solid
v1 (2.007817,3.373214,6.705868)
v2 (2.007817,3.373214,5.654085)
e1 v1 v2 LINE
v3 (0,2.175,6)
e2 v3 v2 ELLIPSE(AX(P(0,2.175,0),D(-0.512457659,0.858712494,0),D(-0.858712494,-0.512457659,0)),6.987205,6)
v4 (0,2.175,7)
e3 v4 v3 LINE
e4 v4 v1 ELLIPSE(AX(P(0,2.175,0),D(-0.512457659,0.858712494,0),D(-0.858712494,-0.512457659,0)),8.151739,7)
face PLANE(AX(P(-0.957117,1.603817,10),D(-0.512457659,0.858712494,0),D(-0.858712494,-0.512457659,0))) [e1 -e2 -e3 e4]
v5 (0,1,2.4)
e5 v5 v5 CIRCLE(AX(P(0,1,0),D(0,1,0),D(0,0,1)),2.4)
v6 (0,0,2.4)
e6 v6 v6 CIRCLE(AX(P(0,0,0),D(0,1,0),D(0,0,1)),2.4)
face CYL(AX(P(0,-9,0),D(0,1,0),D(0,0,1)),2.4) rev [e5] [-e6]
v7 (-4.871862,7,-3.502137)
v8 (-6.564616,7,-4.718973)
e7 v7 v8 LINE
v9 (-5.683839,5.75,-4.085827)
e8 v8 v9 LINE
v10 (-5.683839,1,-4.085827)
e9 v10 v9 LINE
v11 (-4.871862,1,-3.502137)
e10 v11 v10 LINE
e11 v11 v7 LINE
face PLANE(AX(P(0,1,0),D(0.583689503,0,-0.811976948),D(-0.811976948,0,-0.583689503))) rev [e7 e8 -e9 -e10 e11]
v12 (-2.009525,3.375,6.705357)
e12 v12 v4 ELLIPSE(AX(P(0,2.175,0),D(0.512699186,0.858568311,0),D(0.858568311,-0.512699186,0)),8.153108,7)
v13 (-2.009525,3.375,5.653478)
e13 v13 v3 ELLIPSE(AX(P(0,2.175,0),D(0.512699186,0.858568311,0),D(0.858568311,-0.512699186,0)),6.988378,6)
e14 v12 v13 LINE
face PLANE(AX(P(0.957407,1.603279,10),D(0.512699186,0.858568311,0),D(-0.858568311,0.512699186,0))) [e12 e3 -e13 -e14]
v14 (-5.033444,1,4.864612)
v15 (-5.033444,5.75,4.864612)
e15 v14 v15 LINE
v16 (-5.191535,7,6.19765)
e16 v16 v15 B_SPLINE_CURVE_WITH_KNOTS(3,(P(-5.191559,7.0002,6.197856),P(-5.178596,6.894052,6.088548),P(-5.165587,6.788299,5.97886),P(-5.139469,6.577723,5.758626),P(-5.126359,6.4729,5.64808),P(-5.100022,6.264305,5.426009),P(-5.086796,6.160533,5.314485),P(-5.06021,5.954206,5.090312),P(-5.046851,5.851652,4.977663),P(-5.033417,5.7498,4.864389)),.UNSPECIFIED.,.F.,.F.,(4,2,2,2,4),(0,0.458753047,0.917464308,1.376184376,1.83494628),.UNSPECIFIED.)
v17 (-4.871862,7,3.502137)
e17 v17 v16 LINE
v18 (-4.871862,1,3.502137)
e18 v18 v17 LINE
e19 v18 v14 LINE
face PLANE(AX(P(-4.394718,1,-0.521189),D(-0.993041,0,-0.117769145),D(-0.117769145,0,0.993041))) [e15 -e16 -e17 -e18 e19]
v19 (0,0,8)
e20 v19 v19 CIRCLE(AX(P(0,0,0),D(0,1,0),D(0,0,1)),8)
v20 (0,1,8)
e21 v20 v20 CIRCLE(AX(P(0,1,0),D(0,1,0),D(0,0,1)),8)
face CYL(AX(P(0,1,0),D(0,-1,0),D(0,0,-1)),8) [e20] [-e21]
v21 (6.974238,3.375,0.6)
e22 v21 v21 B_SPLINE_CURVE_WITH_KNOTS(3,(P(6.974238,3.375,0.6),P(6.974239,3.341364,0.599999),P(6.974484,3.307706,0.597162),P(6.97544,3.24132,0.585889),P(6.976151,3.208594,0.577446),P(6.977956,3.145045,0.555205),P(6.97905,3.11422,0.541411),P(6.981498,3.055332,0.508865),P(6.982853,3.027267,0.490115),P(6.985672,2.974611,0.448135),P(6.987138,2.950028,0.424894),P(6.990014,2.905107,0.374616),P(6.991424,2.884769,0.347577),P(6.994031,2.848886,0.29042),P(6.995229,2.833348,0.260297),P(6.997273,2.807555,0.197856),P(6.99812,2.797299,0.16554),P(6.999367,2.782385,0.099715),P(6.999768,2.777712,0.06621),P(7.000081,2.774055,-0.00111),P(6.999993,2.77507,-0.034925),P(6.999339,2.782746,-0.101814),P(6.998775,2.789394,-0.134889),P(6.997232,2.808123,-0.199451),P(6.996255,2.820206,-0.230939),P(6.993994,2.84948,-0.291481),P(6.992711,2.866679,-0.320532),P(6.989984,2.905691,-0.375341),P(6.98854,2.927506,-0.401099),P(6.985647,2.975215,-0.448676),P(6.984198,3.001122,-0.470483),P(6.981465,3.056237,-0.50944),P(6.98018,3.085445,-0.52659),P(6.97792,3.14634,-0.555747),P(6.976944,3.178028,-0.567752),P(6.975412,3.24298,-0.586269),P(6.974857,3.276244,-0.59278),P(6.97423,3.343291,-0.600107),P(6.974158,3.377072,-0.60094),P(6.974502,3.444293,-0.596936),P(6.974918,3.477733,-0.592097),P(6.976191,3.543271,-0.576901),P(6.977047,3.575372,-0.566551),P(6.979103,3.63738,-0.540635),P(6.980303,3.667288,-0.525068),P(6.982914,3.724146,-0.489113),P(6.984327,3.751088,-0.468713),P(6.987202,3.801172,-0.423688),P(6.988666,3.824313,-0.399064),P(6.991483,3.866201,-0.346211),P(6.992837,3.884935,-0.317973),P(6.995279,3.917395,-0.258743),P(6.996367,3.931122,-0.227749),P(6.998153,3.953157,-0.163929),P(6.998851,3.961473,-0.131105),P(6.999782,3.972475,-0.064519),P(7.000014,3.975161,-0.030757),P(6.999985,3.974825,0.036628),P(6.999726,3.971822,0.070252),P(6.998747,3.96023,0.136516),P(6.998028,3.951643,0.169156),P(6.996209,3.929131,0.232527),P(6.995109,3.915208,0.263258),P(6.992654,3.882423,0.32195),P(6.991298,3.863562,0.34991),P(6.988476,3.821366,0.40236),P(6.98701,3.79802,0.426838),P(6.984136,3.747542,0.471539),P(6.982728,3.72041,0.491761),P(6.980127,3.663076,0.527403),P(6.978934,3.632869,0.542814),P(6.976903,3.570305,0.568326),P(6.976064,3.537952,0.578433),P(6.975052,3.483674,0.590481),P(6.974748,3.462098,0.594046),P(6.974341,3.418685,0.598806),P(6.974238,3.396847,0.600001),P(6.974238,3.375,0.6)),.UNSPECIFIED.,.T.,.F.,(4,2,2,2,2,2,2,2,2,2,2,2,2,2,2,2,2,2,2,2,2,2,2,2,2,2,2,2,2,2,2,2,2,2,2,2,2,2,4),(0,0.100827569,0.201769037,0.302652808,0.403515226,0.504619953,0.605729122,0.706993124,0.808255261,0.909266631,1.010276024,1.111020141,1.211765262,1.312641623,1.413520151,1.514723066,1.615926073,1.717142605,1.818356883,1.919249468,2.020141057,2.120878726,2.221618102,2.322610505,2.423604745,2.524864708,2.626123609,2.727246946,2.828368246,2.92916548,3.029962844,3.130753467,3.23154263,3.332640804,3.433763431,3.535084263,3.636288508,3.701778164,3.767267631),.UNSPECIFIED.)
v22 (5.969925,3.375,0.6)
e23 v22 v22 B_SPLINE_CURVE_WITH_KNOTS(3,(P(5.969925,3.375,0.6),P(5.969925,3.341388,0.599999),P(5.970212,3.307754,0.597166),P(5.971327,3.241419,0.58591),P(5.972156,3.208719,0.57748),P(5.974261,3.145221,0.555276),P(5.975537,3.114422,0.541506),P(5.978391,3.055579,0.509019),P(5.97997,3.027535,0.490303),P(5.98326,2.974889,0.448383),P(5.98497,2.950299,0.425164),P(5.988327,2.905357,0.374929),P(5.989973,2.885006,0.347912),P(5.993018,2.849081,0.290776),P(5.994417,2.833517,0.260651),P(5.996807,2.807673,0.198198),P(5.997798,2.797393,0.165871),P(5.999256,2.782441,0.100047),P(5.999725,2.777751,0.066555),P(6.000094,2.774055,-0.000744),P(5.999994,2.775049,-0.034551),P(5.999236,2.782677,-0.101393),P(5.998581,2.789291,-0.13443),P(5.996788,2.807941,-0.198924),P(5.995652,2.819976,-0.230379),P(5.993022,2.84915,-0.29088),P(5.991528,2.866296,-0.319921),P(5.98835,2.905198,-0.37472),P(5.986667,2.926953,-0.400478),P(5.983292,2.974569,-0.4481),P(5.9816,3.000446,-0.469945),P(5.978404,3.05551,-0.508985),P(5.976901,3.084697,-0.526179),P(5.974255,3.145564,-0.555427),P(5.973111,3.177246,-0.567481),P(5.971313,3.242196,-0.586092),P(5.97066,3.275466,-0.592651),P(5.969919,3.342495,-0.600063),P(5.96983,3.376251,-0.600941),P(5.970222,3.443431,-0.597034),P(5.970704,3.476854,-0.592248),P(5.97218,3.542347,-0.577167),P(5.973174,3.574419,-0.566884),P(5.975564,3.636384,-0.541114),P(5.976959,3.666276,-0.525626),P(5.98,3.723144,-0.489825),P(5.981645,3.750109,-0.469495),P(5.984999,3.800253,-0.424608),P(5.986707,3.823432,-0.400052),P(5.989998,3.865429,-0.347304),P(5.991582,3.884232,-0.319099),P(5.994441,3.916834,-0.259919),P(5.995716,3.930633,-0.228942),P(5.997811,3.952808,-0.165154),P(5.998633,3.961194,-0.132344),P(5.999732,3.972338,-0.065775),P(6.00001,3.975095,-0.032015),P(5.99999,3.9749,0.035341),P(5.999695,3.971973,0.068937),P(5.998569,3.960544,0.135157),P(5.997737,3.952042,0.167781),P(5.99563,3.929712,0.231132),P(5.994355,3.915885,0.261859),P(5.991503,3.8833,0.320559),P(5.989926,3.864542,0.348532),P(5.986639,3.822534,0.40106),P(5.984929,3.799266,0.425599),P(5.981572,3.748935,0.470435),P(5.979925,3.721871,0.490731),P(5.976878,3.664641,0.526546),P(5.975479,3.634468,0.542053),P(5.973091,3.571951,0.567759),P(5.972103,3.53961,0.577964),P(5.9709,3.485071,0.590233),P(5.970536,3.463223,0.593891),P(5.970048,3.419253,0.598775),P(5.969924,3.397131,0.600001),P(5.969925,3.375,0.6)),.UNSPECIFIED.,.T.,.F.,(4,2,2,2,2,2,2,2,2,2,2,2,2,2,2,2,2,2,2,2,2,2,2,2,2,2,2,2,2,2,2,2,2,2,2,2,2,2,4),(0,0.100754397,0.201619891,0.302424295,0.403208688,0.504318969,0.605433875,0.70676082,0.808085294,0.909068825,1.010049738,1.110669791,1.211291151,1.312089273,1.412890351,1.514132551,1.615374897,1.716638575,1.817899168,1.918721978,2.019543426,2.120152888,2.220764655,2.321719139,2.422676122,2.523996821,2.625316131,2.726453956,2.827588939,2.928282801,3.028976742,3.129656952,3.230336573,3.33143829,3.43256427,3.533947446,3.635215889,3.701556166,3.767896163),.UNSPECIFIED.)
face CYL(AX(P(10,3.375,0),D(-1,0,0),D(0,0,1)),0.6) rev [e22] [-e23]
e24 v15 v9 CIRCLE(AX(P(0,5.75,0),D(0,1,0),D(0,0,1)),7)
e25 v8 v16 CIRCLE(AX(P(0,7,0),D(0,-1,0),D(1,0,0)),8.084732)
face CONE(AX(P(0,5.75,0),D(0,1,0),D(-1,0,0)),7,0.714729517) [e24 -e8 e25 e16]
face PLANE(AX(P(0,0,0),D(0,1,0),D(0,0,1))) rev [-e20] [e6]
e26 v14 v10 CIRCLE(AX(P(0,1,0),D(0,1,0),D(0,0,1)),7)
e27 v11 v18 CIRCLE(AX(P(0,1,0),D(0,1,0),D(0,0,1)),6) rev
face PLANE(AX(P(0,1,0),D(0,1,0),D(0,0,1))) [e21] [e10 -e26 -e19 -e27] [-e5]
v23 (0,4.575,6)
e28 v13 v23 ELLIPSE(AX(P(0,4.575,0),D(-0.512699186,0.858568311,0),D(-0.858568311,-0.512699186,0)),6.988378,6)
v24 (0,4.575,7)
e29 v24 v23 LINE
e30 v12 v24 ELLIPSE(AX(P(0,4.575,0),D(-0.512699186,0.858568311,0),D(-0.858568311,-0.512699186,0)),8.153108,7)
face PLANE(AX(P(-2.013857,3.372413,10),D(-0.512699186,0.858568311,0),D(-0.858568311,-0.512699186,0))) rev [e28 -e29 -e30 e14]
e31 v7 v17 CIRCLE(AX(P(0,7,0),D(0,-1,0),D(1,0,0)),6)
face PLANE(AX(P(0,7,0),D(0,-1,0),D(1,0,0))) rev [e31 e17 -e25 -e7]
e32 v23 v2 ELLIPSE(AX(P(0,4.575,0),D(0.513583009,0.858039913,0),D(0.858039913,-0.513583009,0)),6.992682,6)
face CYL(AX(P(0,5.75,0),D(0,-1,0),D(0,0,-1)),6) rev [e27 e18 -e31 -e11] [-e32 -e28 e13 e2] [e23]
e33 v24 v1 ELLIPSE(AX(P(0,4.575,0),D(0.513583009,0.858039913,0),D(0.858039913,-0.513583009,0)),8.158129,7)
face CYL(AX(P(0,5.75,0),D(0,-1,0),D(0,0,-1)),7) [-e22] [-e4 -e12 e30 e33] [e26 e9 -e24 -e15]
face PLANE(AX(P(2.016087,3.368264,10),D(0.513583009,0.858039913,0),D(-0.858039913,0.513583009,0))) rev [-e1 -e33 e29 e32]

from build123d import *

# Parameters (mm, degrees)
SKETCH4_R           = 8
BOSS_EXTRUDE3_DEPTH = 1
SKETCH5_R           = 7
SKETCH5_R_2         = 6
BOSS_EXTRUDE4_DEPTH = 4.75
CUT_EXTRUDE3_START  = -3
SKETCH9_R           = 6
CUT_EXTRUDE3_DEPTH  = 3
CUT_EXTRUDE7_DEPTH  = 10
SKETCH13_R          = 2.4
CUT_EXTRUDE8_DEPTH  = 10
CUT_EXTRUDE9_START  = -6
CUT_EXTRUDE9_DEPTH  = 6
CUT_EXTRUDE10_DEPTH = 10


with BuildPart() as part:
    # Sketch4 → Boss-Extrude3 (new body)
    with BuildSketch(Plane(origin=(0, 0, 0), x_dir=(1, 0, 0), z_dir=(0, 1, 0))):
        with Locations(Location((0, 0, 0), (0, 0, 270))):
            Circle(SKETCH4_R)
    extrude(amount=BOSS_EXTRUDE3_DEPTH)

    # Sketch5 → Boss-Extrude4 (add)
    with BuildSketch(Plane(origin=(0, 1, 0), x_dir=(1, 0, 0), z_dir=(0, 1, 0))):
        with Locations(Location((0, 0, 0), (0, 0, 270))):
            Circle(SKETCH5_R)
        with Locations(Location((0, 0, 0), (0, 0, 270))):
            Circle(SKETCH5_R_2, mode=Mode.SUBTRACT)
    extrude(amount=BOSS_EXTRUDE4_DEPTH)

    # Sketch6 → Revolve4 (revolve)
    with BuildSketch(Plane.XY, mode=Mode.PRIVATE) as revolve4_sk:
        Polygon((0, 5.75), (7, 5.75), (6, 7), (0, 7), align=None)
    revolve(revolve4_sk.sketch.rotate(Axis((0, 5.75, 0), (0, 1, 0)), 90), axis=Axis((0, 5.75, 0), (0, 1, 0)))

    # Sketch9 → Cut-Extrude3 (cut)
    with BuildSketch(Plane(origin=(0, 7, 0), x_dir=(1, 0, 0), z_dir=(0, 1, 0)).offset(CUT_EXTRUDE3_START)):
        with Locations(Location((0, 0, 0), (0, 0, 270))):
            Circle(SKETCH9_R)
    extrude(amount=CUT_EXTRUDE3_DEPTH, mode=Mode.SUBTRACT)

    # Sketch11 → Cut-Extrude7 (cut)
    with BuildSketch(Plane.XY):
        Polygon((0, 2.175), (2.007816798, 3.373213723), (0, 4.575), (-2.009525275, 3.375), align=None)
    extrude(amount=CUT_EXTRUDE7_DEPTH, mode=Mode.SUBTRACT)

    # Sketch13 → Cut-Extrude8 (cut)
    with BuildSketch(Plane(origin=(0, 1, 0), x_dir=(1, 0, 0), z_dir=(0, 1, 0))):
        with Locations(Location((0, 0, 0), (0, 0, 270))):
            Circle(SKETCH13_R)
    extrude(amount=-CUT_EXTRUDE8_DEPTH, mode=Mode.SUBTRACT)

    # Sketch14 → Revolve5 (revolve)
    with BuildSketch(Plane.XY):
        Polygon((6, 7), (6, 5.75), (7, 5.75), (8.08473241, 7), align=None)
    revolve(axis=Axis((0, 5.75, 0), (0, 1, 0)))

    # Sketch15 → Cut-Extrude9 (cut)
    with BuildSketch(Plane(origin=(0, 7, 0), x_dir=(1, 0, 0), z_dir=(0, 1, 0)).offset(CUT_EXTRUDE9_START)):
        with BuildLine():
            Line((-5.191534566, -6.197650119), (-4.871861689, -3.502137017))
            ThreePointArc((-4.871861689, -3.502137017), (-6, 0), (-4.871861689, 3.502137017))
            Line((-4.871861689, 3.502137017), (-6.564616348, 4.718973441))
            ThreePointArc((-6.564616348, 4.718973441), (-8.02152969, -1.008939827), (-5.191534566, -6.197650119))
        make_face()
    extrude(amount=CUT_EXTRUDE9_DEPTH, mode=Mode.SUBTRACT)

    # Sketch16 → Cut-Extrude10 (cut)
    with BuildSketch(Plane(origin=(0, 0, 0), x_dir=(0, 0, -1), z_dir=(1, 0, 0))):
        with BuildLine():
            ThreePointArc((0.6, 3.375), (0.424264069, 3.799264069), (0, 3.975))
            Line((0, 3.975), (0, 2.775))
            ThreePointArc((0, 2.775), (0.424264069, 2.950735931), (0.6, 3.375))
        make_face()
        with BuildLine():
            Line((0, 2.775), (0, 3.975))
            ThreePointArc((0, 3.975), (-0.6, 3.375), (0, 2.775))
        make_face()
    extrude(amount=CUT_EXTRUDE10_DEPTH, mode=Mode.SUBTRACT)


solid = part.part
